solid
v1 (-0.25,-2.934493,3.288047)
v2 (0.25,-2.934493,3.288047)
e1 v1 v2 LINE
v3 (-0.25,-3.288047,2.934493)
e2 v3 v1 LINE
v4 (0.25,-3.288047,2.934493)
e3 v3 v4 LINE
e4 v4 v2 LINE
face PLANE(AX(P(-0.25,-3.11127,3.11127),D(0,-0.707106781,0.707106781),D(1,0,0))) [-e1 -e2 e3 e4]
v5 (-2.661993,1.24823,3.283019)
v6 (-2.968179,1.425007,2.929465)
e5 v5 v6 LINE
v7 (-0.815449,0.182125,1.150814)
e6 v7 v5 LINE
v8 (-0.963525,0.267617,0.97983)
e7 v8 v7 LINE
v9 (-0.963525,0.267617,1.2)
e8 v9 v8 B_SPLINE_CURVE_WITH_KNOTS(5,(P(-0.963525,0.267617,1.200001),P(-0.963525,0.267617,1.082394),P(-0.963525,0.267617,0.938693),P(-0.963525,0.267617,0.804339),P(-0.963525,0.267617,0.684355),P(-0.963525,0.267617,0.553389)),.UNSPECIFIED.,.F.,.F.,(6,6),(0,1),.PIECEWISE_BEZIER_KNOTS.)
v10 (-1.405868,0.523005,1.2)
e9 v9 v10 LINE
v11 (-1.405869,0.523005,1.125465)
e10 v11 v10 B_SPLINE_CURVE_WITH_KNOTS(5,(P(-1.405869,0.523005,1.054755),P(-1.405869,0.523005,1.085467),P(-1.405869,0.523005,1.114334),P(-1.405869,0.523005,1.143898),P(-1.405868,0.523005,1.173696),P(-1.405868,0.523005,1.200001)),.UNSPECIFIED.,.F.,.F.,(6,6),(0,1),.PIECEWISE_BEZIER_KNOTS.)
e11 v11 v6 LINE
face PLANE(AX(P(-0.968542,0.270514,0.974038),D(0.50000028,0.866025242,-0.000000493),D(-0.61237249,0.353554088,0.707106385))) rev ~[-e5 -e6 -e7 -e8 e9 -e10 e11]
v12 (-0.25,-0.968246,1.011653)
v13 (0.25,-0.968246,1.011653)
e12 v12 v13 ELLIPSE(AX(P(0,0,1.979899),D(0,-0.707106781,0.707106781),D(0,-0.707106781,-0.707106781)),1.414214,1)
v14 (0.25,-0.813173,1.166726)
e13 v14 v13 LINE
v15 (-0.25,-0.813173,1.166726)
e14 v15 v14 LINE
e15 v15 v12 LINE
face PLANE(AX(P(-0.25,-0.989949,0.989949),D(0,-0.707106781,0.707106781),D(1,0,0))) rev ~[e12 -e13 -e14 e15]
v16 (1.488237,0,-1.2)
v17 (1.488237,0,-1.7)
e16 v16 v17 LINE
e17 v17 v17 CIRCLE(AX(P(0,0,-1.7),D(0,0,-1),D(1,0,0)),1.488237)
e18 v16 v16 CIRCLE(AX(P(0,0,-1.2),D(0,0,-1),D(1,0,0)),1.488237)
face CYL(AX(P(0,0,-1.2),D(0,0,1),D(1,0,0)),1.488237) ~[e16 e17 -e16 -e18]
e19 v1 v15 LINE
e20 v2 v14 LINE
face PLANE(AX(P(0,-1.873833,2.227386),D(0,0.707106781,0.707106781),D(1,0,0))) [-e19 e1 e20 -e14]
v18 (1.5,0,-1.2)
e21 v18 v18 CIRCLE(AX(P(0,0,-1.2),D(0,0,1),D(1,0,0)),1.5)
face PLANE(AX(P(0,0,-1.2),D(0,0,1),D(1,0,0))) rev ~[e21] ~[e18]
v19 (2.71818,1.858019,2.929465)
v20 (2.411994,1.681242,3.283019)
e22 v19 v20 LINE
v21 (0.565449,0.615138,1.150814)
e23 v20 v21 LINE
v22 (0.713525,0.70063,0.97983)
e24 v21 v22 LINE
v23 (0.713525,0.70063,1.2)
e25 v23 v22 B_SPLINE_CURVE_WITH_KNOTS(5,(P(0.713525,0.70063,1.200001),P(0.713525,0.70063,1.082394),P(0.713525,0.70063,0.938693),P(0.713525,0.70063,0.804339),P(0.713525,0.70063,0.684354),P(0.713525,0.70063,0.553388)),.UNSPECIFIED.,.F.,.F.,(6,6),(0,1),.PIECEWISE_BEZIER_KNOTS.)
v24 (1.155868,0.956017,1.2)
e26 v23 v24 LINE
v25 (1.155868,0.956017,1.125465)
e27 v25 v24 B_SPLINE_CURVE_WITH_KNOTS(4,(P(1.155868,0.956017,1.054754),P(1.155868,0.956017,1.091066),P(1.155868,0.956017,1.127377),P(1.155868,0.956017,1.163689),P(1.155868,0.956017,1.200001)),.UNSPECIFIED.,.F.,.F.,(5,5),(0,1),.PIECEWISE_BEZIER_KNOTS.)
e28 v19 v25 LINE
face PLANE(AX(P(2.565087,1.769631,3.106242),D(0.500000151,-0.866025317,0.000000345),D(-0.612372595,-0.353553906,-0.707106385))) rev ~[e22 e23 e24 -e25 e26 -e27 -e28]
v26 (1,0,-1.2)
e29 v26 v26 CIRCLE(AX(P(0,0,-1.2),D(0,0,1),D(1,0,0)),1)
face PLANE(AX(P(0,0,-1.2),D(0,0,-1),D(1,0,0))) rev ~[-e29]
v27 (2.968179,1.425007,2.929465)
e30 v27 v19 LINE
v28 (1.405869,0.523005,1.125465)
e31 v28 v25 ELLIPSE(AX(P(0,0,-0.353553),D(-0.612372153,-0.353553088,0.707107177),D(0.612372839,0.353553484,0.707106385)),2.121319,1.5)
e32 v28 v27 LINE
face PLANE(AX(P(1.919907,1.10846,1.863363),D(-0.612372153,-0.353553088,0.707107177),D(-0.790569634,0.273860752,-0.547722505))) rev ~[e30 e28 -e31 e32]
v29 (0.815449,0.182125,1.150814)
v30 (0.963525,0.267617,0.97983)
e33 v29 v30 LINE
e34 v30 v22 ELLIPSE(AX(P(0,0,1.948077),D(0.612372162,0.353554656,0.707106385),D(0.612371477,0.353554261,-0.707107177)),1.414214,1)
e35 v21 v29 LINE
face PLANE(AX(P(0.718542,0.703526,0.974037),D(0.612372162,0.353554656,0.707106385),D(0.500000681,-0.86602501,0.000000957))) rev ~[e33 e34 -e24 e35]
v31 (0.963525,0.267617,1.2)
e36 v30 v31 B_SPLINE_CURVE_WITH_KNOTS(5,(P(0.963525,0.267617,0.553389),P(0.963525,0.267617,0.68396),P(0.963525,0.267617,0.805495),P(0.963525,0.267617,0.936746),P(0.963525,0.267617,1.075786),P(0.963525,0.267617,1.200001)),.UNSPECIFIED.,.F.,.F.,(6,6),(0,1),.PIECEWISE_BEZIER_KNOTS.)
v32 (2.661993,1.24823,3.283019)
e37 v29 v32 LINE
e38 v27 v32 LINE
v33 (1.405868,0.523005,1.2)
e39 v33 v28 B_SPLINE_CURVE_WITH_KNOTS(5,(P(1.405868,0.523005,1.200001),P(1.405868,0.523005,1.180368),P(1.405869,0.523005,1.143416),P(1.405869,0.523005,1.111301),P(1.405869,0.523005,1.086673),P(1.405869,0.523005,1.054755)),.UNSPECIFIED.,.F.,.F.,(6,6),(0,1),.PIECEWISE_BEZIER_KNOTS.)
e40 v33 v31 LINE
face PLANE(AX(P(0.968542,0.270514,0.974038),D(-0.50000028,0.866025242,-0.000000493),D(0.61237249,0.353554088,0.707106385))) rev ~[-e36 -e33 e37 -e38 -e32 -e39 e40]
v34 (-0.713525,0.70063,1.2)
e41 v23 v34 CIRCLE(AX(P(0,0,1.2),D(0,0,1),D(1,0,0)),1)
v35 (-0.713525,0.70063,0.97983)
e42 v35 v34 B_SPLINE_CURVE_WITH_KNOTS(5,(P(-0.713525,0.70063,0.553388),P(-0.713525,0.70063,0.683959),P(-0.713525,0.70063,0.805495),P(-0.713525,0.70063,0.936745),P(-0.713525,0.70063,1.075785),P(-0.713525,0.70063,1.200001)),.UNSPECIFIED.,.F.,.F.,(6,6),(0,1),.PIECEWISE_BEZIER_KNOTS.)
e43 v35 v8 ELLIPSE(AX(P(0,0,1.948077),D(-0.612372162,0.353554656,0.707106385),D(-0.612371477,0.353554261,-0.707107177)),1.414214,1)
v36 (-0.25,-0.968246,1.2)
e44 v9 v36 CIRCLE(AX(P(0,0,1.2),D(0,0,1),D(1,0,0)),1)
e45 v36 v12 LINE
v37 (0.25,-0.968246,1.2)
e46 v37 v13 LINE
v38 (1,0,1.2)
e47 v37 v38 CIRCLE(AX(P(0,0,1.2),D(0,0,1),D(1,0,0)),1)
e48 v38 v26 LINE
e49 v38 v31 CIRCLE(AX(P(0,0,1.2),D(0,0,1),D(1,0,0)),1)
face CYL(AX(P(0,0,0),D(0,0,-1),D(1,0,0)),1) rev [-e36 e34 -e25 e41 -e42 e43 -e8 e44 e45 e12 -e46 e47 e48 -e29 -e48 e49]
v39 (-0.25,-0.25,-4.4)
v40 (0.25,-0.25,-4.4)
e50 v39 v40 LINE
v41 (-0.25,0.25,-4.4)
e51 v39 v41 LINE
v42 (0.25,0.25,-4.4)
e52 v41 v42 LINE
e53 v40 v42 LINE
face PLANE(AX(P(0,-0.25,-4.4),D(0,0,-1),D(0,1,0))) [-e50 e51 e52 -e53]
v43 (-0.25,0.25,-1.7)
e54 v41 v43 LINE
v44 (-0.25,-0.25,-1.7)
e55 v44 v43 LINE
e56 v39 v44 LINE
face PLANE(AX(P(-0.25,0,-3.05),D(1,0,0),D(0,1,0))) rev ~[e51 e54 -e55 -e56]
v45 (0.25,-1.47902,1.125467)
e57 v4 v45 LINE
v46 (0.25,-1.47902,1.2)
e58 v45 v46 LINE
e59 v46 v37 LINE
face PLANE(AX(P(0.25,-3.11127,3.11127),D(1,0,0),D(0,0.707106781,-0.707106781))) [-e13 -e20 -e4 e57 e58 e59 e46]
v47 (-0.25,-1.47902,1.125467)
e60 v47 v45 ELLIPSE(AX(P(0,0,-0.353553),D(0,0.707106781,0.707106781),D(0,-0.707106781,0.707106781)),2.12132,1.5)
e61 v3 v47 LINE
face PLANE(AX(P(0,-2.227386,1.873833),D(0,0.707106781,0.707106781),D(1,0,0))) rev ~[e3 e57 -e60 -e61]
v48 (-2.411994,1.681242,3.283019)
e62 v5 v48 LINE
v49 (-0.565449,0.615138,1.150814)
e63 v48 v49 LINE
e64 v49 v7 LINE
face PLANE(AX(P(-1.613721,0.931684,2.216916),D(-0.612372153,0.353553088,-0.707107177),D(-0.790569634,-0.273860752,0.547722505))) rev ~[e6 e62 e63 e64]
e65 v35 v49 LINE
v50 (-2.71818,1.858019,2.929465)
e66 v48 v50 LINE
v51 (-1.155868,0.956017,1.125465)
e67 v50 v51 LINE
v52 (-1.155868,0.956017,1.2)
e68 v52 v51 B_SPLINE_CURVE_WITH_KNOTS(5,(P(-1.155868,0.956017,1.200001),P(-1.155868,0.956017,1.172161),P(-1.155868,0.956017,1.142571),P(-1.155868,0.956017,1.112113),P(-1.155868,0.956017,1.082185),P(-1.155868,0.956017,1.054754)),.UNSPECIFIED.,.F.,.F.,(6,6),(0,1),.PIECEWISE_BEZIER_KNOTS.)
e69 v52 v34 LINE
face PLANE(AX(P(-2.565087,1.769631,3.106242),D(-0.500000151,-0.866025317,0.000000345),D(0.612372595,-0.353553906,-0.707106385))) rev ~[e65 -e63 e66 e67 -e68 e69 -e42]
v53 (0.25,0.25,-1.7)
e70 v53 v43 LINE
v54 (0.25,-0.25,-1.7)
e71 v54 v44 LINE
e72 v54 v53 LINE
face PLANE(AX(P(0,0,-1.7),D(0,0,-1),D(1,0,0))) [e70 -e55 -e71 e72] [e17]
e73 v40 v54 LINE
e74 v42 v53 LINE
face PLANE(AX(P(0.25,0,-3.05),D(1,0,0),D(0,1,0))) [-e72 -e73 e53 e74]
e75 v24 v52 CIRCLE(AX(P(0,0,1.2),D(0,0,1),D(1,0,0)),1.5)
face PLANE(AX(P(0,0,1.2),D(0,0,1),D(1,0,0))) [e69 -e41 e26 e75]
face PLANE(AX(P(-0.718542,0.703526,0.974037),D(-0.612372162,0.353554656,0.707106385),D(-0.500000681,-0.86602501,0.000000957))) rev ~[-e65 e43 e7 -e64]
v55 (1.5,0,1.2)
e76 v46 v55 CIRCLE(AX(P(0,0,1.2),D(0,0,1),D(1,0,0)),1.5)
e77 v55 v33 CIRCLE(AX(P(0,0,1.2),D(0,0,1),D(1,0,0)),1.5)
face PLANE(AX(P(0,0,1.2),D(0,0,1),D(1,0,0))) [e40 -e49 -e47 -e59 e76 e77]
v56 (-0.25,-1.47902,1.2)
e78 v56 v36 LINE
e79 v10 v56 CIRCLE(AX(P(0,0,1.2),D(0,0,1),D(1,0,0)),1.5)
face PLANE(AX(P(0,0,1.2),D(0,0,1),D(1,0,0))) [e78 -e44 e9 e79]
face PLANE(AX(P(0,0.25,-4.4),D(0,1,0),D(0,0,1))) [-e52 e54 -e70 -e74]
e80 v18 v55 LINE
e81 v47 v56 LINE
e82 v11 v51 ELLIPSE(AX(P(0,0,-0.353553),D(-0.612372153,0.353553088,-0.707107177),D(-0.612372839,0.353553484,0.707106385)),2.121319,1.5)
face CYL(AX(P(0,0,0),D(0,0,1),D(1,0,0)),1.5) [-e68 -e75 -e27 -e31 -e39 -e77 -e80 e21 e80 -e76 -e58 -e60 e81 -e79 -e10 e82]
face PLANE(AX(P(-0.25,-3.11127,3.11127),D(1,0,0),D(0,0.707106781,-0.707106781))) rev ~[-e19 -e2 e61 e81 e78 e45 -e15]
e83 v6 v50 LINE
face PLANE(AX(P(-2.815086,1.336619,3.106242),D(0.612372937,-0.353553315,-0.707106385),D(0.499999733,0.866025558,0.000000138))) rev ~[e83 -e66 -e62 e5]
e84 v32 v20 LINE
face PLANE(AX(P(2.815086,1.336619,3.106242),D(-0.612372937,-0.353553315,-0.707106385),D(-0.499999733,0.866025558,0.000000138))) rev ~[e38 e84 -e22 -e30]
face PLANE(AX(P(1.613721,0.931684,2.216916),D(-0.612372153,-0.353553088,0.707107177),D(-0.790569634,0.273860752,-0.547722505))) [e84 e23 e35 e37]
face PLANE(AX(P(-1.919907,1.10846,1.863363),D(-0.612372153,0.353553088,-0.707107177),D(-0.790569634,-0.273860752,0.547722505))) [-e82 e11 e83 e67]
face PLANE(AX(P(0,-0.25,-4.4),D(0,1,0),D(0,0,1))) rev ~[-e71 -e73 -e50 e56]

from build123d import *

# Parameters (mm, degrees)
SKETCH_R     = 1.5
SKETCH_R_2   = 1
PAD_DEPTH    = 1.2
SKETCH001_R  = 1.488237
PAD001_DEPTH = 0.5
SKETCH002_W  = 0.5
SKETCH002_H  = 2.7
PAD002_DEPTH = 0.25
SKETCH003_W  = 0.5
SKETCH003_H  = 3
PAD003_DEPTH = 0.25
PAD004_DEPTH = 0.25
PAD005_DEPTH = 0.25


with BuildPart() as part:
    # Sketch → Pad (new body, symmetric)
    with BuildSketch(Plane.XY):
        Circle(SKETCH_R)
        Circle(SKETCH_R_2, mode=Mode.SUBTRACT)
    extrude(amount=PAD_DEPTH, both=True)

    # Sketch001 (on Face3 of Pad) → Pad001 (join)
    with BuildSketch(Plane(origin=(0, 0, -1.2), x_dir=(1, 0, 0), z_dir=(0, 0, -1))):
        Circle(SKETCH001_R)
    extrude(amount=PAD001_DEPTH)

    # Sketch002 → Pad002 (join, symmetric)
    with BuildSketch(Plane.YZ):
        with Locations((0, -3.05)):
            Rectangle(SKETCH002_W, SKETCH002_H)
    extrude(amount=PAD002_DEPTH, both=True)

    # Sketch003 (on Face1 of CopyRuled_Surface) → Pad003 (join, symmetric)
    with BuildSketch(Plane(origin=(0, 0, 0), x_dir=(1, 0, 0), z_dir=(0, 0.707107, 0.707107))):
        with Locations((0, -2.9)):
            Rectangle(SKETCH003_W, SKETCH003_H)
    extrude(amount=PAD003_DEPTH, both=True)

    # Sketch004 (on CopyRuled_Surface) → Pad004 (join, symmetric)
    with BuildSketch(Plane(origin=(0, 0, 0), x_dir=(0.790569, -0.273861, 0.547723), z_dir=(0.612372, 0.353553, -0.707107))):
        Polygon((1.225119, -0.677557), (3.560833, -2.58466), (3.244606, -2.971958), (0.908891, -1.064855), align=None)
    extrude(amount=PAD004_DEPTH, both=True)

    # Sketch005 (on Face1 of CopyRuled_Surface002) → Pad005 (join, symmetric)
    with BuildSketch(Plane(origin=(0, 0, 0), x_dir=(0.790569, 0.273861, -0.547723), z_dir=(0.612372, -0.353553, 0.707107))):
        Polygon((-1.225119, 0.677557), (-3.560833, 2.58466), (-3.244606, 2.971958), (-0.908891, 1.064855), align=None)
    extrude(amount=PAD005_DEPTH, both=True)


solid = part.part
